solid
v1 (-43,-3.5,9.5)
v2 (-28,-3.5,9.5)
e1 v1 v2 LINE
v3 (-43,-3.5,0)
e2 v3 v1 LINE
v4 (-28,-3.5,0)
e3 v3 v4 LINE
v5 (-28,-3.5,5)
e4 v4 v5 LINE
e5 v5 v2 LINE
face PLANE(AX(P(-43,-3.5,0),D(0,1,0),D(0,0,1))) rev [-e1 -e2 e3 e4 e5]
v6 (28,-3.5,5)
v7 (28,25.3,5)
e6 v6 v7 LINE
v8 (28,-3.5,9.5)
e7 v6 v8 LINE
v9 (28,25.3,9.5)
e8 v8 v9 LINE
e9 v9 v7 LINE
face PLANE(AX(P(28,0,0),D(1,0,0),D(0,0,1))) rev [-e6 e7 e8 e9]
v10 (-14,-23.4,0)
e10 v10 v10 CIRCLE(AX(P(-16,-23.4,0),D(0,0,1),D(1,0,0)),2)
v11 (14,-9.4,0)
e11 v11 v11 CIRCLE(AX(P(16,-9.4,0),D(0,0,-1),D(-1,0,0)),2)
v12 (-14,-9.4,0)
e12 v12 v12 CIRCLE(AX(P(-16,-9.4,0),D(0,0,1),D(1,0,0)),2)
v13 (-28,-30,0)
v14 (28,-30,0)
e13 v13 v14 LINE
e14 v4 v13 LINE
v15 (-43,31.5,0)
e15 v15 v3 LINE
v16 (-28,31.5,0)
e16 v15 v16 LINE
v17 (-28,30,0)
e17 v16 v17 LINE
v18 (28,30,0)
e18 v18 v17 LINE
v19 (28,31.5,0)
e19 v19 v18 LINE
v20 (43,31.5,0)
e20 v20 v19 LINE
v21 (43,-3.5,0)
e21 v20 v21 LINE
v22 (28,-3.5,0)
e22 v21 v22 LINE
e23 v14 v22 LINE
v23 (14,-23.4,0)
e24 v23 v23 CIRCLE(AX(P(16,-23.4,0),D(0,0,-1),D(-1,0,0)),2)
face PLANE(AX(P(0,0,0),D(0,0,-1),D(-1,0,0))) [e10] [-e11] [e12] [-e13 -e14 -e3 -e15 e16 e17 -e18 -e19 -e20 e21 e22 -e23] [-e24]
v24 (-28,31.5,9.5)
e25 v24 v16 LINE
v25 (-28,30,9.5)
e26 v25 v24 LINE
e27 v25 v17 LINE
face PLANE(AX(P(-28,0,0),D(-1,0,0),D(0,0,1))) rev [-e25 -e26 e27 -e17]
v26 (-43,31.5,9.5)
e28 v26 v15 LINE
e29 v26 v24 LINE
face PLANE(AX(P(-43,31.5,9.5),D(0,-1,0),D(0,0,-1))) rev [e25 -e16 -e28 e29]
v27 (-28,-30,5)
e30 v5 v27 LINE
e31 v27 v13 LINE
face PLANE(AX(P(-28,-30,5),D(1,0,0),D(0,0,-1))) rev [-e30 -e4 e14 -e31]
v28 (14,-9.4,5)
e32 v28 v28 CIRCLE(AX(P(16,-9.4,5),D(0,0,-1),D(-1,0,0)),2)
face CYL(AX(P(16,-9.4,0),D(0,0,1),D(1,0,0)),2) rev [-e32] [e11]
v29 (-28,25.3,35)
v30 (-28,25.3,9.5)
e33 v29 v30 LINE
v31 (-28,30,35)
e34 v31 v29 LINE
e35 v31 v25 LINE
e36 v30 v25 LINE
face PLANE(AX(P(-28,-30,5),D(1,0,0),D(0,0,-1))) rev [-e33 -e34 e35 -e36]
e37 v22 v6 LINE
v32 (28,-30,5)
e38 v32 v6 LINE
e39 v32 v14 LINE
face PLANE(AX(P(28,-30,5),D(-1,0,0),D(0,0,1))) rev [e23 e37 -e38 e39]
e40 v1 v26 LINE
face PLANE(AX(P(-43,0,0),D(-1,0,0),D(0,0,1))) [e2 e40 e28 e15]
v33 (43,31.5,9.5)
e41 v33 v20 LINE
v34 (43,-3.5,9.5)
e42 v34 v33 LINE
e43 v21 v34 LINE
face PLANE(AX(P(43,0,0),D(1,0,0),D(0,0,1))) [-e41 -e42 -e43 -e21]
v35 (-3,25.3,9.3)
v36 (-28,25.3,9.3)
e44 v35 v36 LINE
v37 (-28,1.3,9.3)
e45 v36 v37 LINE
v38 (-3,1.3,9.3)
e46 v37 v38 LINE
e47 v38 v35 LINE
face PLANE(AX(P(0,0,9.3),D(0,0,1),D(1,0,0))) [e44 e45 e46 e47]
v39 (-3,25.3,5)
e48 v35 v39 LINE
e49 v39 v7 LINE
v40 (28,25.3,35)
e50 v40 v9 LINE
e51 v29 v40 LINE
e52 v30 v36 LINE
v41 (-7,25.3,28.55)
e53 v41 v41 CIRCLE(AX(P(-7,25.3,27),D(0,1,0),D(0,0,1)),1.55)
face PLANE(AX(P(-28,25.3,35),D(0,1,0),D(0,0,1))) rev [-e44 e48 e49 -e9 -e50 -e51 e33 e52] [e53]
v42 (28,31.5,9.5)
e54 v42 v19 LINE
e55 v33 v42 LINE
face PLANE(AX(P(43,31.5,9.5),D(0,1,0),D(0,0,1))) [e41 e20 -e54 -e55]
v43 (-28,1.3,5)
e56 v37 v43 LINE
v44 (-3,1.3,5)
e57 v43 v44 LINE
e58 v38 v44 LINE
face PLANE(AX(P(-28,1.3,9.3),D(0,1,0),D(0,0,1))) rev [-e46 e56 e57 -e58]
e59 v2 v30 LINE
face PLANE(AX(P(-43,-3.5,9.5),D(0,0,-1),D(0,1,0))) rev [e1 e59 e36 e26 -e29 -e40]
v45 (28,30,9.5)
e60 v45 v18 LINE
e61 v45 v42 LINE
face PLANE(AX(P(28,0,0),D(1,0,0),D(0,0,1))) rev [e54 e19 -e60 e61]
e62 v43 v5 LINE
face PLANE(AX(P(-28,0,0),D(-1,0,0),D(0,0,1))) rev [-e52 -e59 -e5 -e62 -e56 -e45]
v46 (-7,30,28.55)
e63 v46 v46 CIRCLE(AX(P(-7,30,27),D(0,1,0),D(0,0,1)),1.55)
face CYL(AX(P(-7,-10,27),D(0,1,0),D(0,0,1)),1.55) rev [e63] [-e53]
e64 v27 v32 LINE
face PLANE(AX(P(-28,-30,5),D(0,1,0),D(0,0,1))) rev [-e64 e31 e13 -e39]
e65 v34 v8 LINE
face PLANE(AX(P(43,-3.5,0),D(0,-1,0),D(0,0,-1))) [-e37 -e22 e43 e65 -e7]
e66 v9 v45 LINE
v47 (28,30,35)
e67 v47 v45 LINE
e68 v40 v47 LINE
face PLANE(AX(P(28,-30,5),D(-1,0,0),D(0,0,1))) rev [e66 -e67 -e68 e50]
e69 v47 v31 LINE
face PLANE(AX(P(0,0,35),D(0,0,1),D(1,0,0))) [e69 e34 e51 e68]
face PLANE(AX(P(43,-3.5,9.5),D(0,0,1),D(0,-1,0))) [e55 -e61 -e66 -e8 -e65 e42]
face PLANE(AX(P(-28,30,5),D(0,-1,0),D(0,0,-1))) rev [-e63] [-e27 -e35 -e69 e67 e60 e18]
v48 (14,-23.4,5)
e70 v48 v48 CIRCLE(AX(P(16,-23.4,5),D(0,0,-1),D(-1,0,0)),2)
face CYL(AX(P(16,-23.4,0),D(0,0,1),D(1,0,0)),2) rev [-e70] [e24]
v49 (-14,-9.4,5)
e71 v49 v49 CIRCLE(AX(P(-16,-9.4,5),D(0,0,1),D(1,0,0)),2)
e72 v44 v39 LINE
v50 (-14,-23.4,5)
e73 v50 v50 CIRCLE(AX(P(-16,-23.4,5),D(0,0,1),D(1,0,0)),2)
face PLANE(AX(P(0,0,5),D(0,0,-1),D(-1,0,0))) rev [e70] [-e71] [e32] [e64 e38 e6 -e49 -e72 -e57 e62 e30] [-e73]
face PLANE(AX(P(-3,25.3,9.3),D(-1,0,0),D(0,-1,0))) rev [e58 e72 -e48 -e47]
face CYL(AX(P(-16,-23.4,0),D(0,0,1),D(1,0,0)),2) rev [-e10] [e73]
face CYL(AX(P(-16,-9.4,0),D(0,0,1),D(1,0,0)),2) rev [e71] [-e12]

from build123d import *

# Parameters (mm, degrees)
SKETCH_1_W          = 56
SKETCH_1_H          = 60
EXTRUDE_1_DEPTH     = 5
SKETCH_2_R          = 2
CUT_EXTRUDE_1_DEPTH = 5
SKETCH_3_W          = 56
SKETCH_3_H          = 4.7
EXTRUDE_2_DEPTH     = 30
SKETCH_4_R          = 1.55
CUT_EXTRUDE_2_DEPTH = 40
SKETCH_5_W          = 25
SKETCH_5_H          = 24
EXTRUDE_3_DEPTH     = 4.3
EXTRUDE_4_DEPTH     = 15


with BuildPart() as part:
    # 草图1 → 凸台-拉伸1 (new body)
    with BuildSketch(Plane.XY):
        Rectangle(SKETCH_1_W, SKETCH_1_H)
    extrude(amount=EXTRUDE_1_DEPTH)

    # 草图2 → 切除-拉伸1 (cut)
    with BuildSketch(Plane.XY.offset(5)):
        with Locations((-16, -23.4)):
            Circle(SKETCH_2_R)
        with Locations((-16, -9.4)):
            Circle(SKETCH_2_R)
    cut_extrude_1 = extrude(amount=-CUT_EXTRUDE_1_DEPTH, mode=Mode.SUBTRACT)

    # 镜向1: 切除-拉伸1 across plane
    add(cut_extrude_1.mirror(Plane(origin=(0, 0, 0), x_dir=(0, 0, 1), z_dir=(1, 0, 0))), mode=Mode.SUBTRACT)

    # 草图3 → 凸台-拉伸2 (add)
    with BuildSketch(Plane.XY.offset(5)):
        with Locations((0, 27.65)):
            Rectangle(SKETCH_3_W, SKETCH_3_H)
    extrude(amount=EXTRUDE_2_DEPTH)

    # 草图4 → 切除-拉伸2 (cut)
    with BuildSketch(Plane(origin=(0, 30, 0), x_dir=(1, 0, 0), z_dir=(0, 1, 0))):
        with Locations(Location((-7, -27, 0), (0, 0, 270))):
            Circle(SKETCH_4_R)
    extrude(amount=-CUT_EXTRUDE_2_DEPTH, mode=Mode.SUBTRACT)

    # 草图5 → 凸台-拉伸3 (add)
    with BuildSketch(Plane.XY.offset(5)):
        with Locations((-15.5, 13.3)):
            Rectangle(SKETCH_5_W, SKETCH_5_H)
    extrude(amount=EXTRUDE_3_DEPTH)

    # 草图6 → 凸台-拉伸4 (add)
    with BuildSketch(Plane.ZY.offset(28)):
        Polygon((0, 26.5), (0, -3.5), (9.5, -3.5), (9.5, 31.5), (0, 31.5), align=None)
    extrude_4 = extrude(amount=EXTRUDE_4_DEPTH)

    # 镜向2: 凸台-拉伸4 across plane
    add(extrude_4.mirror(Plane(origin=(0, 0, 0), x_dir=(0, 0, 1), z_dir=(1, 0, 0))))


solid = part.part
